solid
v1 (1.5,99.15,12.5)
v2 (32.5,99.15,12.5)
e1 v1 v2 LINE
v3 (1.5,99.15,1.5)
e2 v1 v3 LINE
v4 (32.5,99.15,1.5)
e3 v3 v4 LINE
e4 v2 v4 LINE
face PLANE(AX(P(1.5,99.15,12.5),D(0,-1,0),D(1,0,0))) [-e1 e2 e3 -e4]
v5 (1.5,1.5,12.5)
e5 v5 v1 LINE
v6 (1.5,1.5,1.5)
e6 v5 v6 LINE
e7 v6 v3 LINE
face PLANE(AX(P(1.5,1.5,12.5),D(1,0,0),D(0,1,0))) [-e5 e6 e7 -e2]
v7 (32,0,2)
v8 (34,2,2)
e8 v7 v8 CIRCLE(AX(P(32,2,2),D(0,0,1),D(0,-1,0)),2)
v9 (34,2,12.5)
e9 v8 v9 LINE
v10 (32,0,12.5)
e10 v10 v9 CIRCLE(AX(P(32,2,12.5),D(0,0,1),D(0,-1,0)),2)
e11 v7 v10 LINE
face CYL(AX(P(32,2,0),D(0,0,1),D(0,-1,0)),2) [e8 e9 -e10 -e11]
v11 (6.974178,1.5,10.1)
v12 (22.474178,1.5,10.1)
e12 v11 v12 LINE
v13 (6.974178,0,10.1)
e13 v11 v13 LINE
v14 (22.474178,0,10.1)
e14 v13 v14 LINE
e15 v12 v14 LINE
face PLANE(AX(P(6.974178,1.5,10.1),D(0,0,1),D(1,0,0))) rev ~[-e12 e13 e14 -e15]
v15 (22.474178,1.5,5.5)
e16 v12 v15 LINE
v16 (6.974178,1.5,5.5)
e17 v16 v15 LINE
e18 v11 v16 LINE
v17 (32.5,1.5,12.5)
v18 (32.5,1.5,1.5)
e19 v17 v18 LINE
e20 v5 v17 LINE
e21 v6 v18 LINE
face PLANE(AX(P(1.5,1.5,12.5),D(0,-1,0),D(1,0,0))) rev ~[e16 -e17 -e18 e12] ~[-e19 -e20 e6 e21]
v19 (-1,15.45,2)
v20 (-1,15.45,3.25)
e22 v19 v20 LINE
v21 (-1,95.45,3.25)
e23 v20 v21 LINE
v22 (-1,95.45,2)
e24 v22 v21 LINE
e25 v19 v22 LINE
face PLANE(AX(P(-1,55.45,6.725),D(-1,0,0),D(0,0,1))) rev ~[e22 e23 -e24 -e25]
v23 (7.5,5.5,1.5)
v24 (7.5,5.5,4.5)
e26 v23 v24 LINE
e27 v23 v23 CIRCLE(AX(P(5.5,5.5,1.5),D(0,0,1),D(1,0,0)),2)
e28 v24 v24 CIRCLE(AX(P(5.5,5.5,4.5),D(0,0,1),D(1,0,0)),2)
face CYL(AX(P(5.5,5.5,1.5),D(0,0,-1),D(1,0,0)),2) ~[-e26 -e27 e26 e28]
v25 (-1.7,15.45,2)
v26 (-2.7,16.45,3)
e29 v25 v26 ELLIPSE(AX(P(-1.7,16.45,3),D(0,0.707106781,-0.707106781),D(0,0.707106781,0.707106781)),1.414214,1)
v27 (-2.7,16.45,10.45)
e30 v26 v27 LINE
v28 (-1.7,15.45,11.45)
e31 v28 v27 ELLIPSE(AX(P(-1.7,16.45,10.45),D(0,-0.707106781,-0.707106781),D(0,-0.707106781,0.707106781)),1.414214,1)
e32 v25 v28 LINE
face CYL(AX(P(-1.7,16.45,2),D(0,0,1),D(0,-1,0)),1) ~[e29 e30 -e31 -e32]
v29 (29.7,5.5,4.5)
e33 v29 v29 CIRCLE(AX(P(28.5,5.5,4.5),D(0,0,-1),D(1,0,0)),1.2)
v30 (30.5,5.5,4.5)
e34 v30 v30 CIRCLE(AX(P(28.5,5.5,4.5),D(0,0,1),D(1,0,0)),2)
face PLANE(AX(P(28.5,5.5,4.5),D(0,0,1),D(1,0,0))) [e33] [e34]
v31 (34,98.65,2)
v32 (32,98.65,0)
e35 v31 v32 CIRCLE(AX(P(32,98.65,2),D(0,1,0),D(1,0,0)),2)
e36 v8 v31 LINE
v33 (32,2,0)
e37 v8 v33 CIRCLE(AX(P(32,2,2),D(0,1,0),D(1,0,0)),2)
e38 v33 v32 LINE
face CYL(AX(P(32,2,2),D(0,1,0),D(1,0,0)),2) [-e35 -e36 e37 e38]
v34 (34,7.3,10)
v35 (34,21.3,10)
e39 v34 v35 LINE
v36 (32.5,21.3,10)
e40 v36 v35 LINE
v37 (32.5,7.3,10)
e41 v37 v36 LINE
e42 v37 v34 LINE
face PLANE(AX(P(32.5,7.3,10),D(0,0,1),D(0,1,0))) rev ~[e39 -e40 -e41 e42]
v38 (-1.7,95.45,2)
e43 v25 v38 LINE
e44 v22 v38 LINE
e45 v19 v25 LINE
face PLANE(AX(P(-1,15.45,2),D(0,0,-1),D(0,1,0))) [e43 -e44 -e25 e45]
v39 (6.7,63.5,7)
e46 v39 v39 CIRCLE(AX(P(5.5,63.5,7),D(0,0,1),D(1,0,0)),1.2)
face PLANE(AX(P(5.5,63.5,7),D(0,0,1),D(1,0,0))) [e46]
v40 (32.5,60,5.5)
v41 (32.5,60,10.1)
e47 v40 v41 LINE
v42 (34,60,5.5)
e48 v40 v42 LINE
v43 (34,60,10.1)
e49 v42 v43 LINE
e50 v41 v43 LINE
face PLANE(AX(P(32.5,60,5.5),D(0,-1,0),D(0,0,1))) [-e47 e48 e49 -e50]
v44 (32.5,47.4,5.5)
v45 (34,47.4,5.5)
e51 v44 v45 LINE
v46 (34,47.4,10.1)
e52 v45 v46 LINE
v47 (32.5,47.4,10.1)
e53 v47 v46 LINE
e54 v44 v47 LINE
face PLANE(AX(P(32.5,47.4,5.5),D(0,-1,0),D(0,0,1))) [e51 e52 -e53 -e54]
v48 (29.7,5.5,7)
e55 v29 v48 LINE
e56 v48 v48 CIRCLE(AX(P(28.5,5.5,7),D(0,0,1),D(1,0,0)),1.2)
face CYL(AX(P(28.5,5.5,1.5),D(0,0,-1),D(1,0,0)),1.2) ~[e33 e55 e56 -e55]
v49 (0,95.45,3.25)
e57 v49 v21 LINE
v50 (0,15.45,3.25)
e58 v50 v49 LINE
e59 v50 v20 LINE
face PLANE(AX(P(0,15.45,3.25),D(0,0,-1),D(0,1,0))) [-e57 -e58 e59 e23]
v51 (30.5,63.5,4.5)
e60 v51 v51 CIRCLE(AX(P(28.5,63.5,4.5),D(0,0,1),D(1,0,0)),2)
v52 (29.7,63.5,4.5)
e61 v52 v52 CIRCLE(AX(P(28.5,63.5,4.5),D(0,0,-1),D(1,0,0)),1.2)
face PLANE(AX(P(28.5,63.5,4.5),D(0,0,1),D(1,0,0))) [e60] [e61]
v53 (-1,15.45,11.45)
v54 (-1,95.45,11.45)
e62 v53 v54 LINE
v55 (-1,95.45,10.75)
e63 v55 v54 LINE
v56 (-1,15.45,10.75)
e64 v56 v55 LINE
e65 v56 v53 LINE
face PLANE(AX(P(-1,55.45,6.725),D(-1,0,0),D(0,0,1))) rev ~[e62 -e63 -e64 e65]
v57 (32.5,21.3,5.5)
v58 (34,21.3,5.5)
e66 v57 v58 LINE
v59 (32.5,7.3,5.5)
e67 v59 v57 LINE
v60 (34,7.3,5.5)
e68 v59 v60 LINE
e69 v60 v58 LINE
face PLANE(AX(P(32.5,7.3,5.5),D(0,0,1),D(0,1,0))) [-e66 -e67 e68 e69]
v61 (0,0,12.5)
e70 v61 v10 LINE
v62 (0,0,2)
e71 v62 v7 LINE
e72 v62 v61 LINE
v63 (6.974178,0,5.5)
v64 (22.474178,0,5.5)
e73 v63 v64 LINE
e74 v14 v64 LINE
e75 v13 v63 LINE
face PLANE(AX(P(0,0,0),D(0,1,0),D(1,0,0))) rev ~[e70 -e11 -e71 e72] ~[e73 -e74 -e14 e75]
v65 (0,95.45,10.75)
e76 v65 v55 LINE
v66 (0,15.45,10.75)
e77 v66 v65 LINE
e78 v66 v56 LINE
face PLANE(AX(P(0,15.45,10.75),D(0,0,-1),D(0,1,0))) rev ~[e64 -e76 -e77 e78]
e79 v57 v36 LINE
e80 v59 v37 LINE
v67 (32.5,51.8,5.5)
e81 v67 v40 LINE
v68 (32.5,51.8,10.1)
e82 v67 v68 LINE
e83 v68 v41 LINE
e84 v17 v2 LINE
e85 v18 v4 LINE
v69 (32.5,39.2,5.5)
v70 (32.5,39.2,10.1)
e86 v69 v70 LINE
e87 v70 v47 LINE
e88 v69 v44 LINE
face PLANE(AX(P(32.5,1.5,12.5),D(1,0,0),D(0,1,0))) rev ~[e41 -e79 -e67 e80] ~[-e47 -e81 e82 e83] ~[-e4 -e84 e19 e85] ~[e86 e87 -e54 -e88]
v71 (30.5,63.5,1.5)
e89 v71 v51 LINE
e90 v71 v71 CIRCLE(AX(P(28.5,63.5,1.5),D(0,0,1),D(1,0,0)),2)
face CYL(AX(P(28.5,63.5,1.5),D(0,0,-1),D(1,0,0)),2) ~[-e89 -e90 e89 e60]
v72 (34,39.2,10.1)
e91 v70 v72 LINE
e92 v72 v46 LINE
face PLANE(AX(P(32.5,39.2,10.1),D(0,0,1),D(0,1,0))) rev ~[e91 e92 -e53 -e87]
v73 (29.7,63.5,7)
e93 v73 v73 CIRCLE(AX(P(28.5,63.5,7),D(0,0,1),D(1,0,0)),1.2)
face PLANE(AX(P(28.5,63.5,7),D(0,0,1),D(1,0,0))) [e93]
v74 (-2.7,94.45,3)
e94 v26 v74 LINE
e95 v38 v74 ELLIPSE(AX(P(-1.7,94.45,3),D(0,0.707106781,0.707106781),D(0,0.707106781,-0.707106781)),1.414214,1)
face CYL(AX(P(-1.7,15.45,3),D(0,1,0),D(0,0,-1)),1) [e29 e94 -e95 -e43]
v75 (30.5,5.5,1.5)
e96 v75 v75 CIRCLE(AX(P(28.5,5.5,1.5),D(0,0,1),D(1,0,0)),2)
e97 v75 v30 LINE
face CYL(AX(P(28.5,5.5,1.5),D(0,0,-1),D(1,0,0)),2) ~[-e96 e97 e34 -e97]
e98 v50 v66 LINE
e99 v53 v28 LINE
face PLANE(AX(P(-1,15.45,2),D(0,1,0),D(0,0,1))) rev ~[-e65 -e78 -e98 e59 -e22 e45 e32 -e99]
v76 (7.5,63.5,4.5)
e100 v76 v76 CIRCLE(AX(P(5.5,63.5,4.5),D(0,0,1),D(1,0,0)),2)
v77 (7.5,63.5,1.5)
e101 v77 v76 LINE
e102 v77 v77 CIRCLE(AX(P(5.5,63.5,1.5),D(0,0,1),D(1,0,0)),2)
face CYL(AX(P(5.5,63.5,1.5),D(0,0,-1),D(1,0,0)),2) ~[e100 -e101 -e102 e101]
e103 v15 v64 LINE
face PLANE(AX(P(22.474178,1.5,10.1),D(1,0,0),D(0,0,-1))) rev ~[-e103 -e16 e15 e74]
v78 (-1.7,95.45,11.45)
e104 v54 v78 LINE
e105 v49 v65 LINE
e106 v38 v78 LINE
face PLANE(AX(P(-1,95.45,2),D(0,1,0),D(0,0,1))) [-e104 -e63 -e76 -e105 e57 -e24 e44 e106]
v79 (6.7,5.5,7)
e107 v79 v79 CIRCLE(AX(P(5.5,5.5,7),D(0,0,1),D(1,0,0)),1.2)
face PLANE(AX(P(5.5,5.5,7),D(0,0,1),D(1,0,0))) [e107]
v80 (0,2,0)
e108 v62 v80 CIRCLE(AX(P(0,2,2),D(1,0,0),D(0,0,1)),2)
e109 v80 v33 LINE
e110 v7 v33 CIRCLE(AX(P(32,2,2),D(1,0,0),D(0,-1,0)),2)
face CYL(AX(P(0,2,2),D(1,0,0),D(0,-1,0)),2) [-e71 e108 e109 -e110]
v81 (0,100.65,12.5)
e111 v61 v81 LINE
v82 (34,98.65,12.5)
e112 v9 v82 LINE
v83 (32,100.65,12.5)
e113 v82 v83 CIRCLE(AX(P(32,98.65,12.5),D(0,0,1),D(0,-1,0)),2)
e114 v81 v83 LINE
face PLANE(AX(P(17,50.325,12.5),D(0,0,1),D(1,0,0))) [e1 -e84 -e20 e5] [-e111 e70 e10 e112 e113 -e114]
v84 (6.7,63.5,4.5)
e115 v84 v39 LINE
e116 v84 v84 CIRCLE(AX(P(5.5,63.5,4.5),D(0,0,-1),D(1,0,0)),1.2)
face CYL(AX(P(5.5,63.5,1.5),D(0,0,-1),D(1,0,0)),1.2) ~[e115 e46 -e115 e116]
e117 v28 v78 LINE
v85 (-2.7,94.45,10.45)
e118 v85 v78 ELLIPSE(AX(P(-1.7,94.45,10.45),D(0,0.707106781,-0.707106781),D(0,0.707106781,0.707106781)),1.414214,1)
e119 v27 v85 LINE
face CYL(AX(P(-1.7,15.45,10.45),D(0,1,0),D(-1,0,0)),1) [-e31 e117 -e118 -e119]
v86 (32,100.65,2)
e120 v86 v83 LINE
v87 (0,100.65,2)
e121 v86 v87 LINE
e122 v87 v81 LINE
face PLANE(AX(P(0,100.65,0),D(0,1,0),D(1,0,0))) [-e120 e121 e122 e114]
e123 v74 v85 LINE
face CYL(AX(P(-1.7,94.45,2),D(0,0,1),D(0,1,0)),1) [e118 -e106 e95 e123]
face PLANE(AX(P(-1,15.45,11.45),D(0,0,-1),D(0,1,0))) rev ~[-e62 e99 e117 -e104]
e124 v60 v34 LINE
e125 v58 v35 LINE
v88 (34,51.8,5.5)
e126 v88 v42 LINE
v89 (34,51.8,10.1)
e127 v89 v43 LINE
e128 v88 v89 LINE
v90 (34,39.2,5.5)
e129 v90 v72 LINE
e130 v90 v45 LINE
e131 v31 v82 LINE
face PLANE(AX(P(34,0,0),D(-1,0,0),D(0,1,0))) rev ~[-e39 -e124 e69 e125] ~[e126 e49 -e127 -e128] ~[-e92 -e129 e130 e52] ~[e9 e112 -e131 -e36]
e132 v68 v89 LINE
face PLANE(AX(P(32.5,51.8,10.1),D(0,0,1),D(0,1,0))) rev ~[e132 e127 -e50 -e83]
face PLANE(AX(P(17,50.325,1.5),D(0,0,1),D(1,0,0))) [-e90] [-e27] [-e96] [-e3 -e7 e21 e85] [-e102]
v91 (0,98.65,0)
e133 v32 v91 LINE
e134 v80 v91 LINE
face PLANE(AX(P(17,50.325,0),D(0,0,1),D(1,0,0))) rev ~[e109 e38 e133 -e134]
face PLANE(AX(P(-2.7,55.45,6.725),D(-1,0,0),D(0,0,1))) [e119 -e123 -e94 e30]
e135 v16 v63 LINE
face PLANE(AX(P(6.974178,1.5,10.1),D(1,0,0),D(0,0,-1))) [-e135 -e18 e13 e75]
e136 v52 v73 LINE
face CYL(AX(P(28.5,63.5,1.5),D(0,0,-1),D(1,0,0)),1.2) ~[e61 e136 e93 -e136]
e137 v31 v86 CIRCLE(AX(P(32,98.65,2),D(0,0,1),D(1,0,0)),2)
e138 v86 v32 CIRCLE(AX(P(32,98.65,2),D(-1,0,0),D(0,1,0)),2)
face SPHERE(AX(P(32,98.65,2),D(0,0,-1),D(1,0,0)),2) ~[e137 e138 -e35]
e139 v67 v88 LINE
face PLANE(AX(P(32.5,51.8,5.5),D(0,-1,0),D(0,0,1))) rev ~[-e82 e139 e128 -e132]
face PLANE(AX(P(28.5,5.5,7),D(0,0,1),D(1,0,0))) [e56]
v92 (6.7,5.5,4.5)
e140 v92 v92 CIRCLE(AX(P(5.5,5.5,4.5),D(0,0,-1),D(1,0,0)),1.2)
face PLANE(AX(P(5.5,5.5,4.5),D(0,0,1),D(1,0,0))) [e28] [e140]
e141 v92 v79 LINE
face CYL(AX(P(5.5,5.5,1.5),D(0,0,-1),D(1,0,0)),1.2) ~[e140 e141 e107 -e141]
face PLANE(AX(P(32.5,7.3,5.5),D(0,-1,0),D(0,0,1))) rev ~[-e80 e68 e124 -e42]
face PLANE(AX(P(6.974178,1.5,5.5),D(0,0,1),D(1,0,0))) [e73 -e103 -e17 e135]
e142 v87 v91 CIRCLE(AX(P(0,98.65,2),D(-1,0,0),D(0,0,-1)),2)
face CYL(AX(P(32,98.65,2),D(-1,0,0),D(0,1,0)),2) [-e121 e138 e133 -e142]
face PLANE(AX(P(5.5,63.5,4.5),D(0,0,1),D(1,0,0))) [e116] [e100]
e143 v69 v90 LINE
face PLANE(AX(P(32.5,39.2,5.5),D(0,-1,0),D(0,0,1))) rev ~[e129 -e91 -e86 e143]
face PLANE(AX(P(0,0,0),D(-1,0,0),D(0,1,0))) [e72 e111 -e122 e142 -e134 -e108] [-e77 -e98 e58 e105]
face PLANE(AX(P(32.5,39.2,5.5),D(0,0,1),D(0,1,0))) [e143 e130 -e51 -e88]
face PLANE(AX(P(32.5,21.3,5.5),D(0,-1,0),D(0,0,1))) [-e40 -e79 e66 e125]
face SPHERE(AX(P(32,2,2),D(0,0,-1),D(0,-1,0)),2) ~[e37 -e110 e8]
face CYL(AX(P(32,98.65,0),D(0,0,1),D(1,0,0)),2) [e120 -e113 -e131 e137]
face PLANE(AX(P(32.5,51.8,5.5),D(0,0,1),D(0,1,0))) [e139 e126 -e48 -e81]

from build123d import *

# Parameters (mm, degrees)
ESQUISSE1_W             = 34
ESQUISSE1_H             = 100.65
BOSS_EXTRU_1_DEPTH      = 12.5
ESQUISSE2_W             = 31
ESQUISSE2_H             = 97.65
ENL_V_MAT_EXTRU_1_DEPTH = 11
ESQUISSE5_R             = 2
BOSS_EXTRU_4_DEPTH      = 3
ESQUISSE6_R             = 1.2
BOSS_EXTRU_5_DEPTH      = 5.5
CONG_2_R                = 2
CONG_3_R                = 2
CONG_4_R                = 2
ESQUISSE7_W             = 7.5
ESQUISSE7_H             = 80
BOSS_EXTRU_6_DEPTH      = 1
ESQUISSE9_W             = 9.45
ESQUISSE9_H             = 80
BOSS_EXTRU_7_DEPTH      = 1.7
ESQUISSE10_W            = 4.6
ESQUISSE10_H            = 8.2
ESQUISSE10_W_2          = 4.5
ESQUISSE10_H_2          = 14
ENL_V_MAT_EXTRU_2_DEPTH = 3
ESQUISSE11_W            = 15.5
ESQUISSE11_H            = 4.6
ENL_V_MAT_EXTRU_3_DEPTH = 3
CONG_7_R                = 1


with BuildPart() as part:
    # Esquisse1 → Boss.-Extru.1 (new body)
    with BuildSketch(Plane.XY):
        with Locations((17, 50.325)):
            Rectangle(ESQUISSE1_W, ESQUISSE1_H)
    extrude(amount=BOSS_EXTRU_1_DEPTH)

    # Esquisse2 → Enlèv. mat.-Extru.1 (cut)
    with BuildSketch(Plane.XY.offset(12.5)):
        with Locations((17, 50.325)):
            Rectangle(ESQUISSE2_W, ESQUISSE2_H)
    extrude(amount=-ENL_V_MAT_EXTRU_1_DEPTH, mode=Mode.SUBTRACT)

    # Esquisse5 → Boss.-Extru.4 (add)
    with BuildSketch(Plane.XY.offset(1.5)):
        with Locations((5.5, 63.5)):
            Circle(ESQUISSE5_R)
        with Locations((28.5, 63.5)):
            Circle(ESQUISSE5_R)
        with Locations((5.5, 5.5)):
            Circle(ESQUISSE5_R)
        with Locations((28.5, 5.5)):
            Circle(ESQUISSE5_R)
    extrude(amount=BOSS_EXTRU_4_DEPTH)

    # Esquisse6 → Boss.-Extru.5 (add)
    with BuildSketch(Plane.XY.offset(1.5)):
        with Locations((5.5, 63.5)):
            Circle(ESQUISSE6_R)
        with Locations((28.5, 63.5)):
            Circle(ESQUISSE6_R)
        with Locations((5.5, 5.5)):
            Circle(ESQUISSE6_R)
        with Locations((28.5, 5.5)):
            Circle(ESQUISSE6_R)
    extrude(amount=BOSS_EXTRU_5_DEPTH)

    # Congé2
    cong_2_edges = [part.edges().sort_by_distance(p)[0] for p in [
        (34, 0, 6.25),
    ]]
    fillet(cong_2_edges, radius=CONG_2_R)

    # Congé3
    cong_3_edges = [part.edges().sort_by_distance(p)[0] for p in [
        (34, 100.65, 6.25),
    ]]
    fillet(cong_3_edges, radius=CONG_3_R)

    # Congé4
    cong_4_edges = [part.edges().sort_by_distance(p)[0] for p in [
        (16, 0, 0),
        (34, 50.325, 0),
        (33.414213562, 0.585786438, 0),
        (16, 100.65, 0),
        (33.414213562, 100.064213562, 0),
    ]]
    fillet(cong_4_edges, radius=CONG_4_R)

    # Esquisse7 → Boss.-Extru.6 (add)
    with BuildSketch(Plane.ZY):
        with Locations((7, 55.45)):
            Rectangle(ESQUISSE7_W, ESQUISSE7_H)
    extrude(amount=BOSS_EXTRU_6_DEPTH)

    # Esquisse9 → Boss.-Extru.7 (add)
    with BuildSketch(Plane.ZY.offset(1)):
        with Locations((6.725, 55.45)):
            Rectangle(ESQUISSE9_W, ESQUISSE9_H)
    extrude(amount=BOSS_EXTRU_7_DEPTH)

    # Esquisse10 → Enlèv. mat.-Extru.2 (cut)
    with BuildSketch(Plane.ZY.offset(-32.5)):
        with Locations((7.8, 55.9)):
            Rectangle(ESQUISSE10_W, ESQUISSE10_H)
        with Locations((7.8, 43.3)):
            Rectangle(ESQUISSE10_W, ESQUISSE10_H)
        with Locations((7.75, 14.3)):
            Rectangle(ESQUISSE10_W_2, ESQUISSE10_H_2)
    extrude(amount=-ENL_V_MAT_EXTRU_2_DEPTH, mode=Mode.SUBTRACT)

    # Esquisse11 → Enlèv. mat.-Extru.3 (cut)
    with BuildSketch(Plane(origin=(0, 1.5, 0), x_dir=(1, 0, 0), z_dir=(0, 1, 0))):
        with Locations((14.724178104, -7.8)):
            Rectangle(ESQUISSE11_W, ESQUISSE11_H)
    extrude(amount=-ENL_V_MAT_EXTRU_3_DEPTH, mode=Mode.SUBTRACT)

    # Congé7
    cong_7_edges = [part.edges().sort_by_distance(p)[0] for p in [
        (-2.7, 55.45, 2),
        (-2.7, 15.45, 6.725),
        (-2.7, 55.45, 11.45),
        (-2.7, 95.45, 6.725),
    ]]
    fillet(cong_7_edges, radius=CONG_7_R)


solid = part.part
